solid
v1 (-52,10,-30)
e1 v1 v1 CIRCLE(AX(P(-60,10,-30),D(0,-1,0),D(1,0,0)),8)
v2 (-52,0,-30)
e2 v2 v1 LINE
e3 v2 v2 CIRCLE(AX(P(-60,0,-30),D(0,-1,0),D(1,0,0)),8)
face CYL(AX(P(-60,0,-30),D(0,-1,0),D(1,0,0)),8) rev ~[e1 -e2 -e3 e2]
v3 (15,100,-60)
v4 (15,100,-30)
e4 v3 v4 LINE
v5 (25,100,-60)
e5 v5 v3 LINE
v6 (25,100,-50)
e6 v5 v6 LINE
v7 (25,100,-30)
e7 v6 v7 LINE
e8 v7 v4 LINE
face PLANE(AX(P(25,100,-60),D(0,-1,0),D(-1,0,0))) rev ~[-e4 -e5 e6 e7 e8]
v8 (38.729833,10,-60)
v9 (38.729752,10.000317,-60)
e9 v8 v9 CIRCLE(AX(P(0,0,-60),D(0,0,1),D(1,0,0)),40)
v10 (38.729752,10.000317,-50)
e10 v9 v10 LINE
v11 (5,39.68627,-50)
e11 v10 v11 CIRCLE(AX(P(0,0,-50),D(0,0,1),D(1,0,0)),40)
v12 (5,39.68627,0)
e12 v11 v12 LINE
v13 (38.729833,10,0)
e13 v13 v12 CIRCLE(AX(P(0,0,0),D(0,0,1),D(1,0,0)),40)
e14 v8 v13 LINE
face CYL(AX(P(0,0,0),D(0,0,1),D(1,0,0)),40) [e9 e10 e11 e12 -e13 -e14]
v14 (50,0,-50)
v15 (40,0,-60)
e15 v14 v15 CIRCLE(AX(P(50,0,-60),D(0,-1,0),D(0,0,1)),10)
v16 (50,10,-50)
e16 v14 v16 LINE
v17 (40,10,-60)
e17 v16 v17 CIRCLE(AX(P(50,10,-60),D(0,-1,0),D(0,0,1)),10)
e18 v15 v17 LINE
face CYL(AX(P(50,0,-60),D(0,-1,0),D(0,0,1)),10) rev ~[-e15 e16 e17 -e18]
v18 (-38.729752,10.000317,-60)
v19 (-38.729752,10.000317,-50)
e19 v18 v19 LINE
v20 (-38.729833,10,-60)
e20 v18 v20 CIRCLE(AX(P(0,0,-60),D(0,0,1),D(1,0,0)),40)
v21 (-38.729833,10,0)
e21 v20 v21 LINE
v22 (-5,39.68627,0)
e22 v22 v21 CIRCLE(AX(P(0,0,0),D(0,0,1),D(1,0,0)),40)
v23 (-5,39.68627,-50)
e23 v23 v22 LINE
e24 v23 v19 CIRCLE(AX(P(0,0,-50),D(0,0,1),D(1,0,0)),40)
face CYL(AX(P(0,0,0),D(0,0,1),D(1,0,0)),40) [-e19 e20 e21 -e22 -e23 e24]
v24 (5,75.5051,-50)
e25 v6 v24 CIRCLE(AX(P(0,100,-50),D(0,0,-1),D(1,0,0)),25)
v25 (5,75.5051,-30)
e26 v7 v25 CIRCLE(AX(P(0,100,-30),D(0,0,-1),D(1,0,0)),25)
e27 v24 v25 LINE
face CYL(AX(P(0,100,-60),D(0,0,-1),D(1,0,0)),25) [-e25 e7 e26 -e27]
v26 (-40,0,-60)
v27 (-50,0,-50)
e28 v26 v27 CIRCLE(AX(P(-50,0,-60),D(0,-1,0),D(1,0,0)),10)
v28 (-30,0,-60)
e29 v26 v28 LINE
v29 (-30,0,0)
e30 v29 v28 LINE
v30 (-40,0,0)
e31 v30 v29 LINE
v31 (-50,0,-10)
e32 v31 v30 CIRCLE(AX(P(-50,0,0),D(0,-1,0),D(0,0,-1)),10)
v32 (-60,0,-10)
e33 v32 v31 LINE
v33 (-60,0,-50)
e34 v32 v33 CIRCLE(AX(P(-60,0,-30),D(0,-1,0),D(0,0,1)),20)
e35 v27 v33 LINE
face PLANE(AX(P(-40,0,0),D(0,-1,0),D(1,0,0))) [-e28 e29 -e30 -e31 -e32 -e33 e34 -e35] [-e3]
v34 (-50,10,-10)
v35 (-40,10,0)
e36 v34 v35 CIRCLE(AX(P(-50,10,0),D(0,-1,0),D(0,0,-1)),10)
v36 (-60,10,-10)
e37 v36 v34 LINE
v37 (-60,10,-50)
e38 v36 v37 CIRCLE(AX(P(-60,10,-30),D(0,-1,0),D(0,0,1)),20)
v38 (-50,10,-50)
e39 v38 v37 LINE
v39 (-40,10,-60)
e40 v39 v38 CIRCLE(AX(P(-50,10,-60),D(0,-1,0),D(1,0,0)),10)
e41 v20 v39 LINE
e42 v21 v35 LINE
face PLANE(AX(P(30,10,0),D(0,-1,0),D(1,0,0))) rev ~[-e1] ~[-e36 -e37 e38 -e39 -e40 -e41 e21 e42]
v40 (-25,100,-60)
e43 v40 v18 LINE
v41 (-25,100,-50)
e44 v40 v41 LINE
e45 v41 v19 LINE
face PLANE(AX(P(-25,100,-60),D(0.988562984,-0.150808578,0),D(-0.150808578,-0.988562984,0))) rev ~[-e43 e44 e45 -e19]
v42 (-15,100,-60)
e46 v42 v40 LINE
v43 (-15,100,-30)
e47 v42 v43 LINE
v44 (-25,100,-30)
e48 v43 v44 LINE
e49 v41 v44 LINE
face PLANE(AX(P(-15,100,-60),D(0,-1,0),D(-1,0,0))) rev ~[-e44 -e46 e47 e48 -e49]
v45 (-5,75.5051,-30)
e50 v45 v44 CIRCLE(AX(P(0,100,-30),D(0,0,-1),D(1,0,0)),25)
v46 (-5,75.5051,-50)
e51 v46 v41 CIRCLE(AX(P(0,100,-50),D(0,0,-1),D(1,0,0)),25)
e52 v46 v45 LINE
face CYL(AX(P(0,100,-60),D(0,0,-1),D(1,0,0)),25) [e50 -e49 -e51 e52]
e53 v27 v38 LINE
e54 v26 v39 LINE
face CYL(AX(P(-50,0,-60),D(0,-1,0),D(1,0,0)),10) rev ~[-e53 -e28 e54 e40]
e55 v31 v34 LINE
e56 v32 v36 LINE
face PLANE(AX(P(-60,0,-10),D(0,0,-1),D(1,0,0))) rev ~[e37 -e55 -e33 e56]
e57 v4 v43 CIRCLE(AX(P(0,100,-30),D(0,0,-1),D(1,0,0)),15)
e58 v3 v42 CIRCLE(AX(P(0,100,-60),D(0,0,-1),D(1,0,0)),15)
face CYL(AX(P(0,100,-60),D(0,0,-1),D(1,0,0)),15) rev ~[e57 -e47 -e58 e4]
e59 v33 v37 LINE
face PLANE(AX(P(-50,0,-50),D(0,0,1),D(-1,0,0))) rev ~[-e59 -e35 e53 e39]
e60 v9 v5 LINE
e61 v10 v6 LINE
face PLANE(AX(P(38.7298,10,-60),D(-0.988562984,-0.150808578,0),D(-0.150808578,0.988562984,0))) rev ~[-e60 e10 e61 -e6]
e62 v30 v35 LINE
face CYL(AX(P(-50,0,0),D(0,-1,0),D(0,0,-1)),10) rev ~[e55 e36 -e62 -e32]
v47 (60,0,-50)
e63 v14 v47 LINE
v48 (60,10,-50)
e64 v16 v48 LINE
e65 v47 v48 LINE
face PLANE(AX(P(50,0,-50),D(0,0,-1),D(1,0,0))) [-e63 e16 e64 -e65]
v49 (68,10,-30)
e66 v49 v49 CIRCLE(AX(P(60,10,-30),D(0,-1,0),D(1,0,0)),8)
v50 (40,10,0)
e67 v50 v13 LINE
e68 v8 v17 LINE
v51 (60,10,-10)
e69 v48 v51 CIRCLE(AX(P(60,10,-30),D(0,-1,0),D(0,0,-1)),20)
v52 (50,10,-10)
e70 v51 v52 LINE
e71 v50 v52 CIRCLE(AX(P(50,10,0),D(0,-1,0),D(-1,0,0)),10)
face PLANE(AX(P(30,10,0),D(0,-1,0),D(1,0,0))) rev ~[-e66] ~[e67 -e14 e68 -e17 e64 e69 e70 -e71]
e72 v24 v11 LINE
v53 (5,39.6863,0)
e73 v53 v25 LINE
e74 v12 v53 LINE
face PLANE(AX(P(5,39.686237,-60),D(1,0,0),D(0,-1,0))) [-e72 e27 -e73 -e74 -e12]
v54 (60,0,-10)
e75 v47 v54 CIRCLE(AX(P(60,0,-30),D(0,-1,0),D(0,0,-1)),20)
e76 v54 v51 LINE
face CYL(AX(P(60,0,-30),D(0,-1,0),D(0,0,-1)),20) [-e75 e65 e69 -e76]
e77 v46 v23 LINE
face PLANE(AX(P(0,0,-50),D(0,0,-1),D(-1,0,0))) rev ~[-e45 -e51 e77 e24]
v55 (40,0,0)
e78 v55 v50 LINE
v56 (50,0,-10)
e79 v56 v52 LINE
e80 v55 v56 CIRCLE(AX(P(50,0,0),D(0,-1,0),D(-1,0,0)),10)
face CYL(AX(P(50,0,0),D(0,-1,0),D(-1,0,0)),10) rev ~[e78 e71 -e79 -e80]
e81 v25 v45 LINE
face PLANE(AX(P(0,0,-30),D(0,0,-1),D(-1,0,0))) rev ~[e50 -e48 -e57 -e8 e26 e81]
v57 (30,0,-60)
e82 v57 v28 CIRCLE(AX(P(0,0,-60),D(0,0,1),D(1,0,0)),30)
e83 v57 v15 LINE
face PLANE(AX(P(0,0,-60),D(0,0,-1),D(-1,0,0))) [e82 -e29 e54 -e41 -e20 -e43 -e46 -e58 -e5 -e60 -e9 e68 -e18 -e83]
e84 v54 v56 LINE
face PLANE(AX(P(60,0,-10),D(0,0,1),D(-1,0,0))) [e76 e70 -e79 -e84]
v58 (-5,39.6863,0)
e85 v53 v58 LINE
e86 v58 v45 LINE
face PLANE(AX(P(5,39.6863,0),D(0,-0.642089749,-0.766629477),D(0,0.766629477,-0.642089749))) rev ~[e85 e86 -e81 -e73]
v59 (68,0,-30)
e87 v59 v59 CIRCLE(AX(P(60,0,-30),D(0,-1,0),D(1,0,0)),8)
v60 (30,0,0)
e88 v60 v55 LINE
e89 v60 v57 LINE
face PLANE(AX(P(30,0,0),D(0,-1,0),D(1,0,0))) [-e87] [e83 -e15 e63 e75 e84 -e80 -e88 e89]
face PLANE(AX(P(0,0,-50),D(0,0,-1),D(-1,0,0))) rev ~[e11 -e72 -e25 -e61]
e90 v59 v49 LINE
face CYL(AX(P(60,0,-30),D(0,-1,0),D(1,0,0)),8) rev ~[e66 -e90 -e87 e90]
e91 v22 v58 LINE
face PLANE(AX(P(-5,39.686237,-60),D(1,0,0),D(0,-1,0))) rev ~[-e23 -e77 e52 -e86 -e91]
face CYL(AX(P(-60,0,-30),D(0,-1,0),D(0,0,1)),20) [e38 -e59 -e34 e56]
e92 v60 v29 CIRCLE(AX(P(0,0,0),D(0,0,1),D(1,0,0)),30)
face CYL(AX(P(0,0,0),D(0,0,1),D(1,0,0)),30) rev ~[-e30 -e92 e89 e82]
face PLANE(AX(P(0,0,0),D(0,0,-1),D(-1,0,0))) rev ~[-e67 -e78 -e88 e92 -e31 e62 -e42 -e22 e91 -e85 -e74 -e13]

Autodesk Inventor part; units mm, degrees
ref_plane "YZ Plane" through (0, 0, 0) normal (1, 0, 0) x (0, 1, 0)
ref_plane "XZ Plane" through (0, 0, 0) normal (0, 1, 0) x (-1, 0, 0)
ref_plane "XY Plane" through (0, 0, 0) normal (0, 0, 1) x (1, 0, 0)
sketch "Náčrt2" plane through (0, 0, 0) normal (0, 0, 1) x (1, 0, 0)
  arc A0 (30, 0) -> (-30, 0) centre (0, 0) ccw
  arc A1 (40, 0) -> (-40, 0) centre (0, 0) ccw
  line L0 (-40, 0) -> (-30, 0)
  line L1 (30, 0) -> (40, 0)
  point P0 (-40, 0)
  dimension "d0" = 30
  dimension "d1" = 40
  dimension "d2" = 0
  dimension "d3" = 0
  dimension "d4" = 0
  dimension "d5" = 0
  dimension "d6" = 30
  dimension "d7" = 40
extrude "Vysunutí1" add sketch "Náčrt2" against normal blind 60
sketch "Náčrt3" plane through (30, 0, 0) normal (0, -1, 0) x (1, 0, 0)
  line L0 (10, 0) -> (-70, 0) projected
  line L1 (0, 0) -> (0, -60)
  line L2 (0, -60) -> (10, -60)
  line L3 (0, 0) -> (10, 0)
  line L4 (10, 0) -> (10, -60) projected
  line L5 (10, -60) -> (10, -60)
  line L6 (20, -50) -> (30, -50)
  line L7 (30, -10) -> (20, -10)
  line L8 (10, 0) -> (10, 0)
  arc A0 (30, -50) -> (30, -10) centre (30, -30) ccw
  circle A1 centre (30, -30) radius 8
  arc A2 (20, -50) -> (10, -60) centre (20, -60) ccw
  arc A3 (10, 0) -> (20, -10) centre (20, 0) ccw
  line L9 (-30, 0) -> (-30, -60)
  line L10 (-60, 0) -> (-60, -60)
  line L11 (-60, -60) -> (-70, -60)
  line L12 (-60, 0) -> (-70, 0)
  line L13 (-70, 0) -> (-70, -60)
  line L14 (-70, -60) -> (-70, -60)
  line L15 (-80, -50) -> (-90, -50)
  line L16 (-90, -10) -> (-80, -10)
  line L17 (-70, 0) -> (-70, 0)
  arc A4 (-90, -10) -> (-90, -50) centre (-90, -30) ccw
  circle A5 centre (-90, -30) radius 8
  arc A6 (-70, -60) -> (-80, -50) centre (-80, -60) ccw
  arc A7 (-80, -10) -> (-70, 0) centre (-80, 0) ccw
  point P0 (10, -50)
  point P1 (10, -10)
  point P2 (-70, -50)
  point P3 (-70, -10)
  dimension "d10" = 10
  dimension "d12" = 16
  dimension "d13" = 10
  dimension "d16" = 20
  dimension "d17" = 30
extrude "Vysunutí2" add sketch "Náčrt3" against normal blind 10
sketch "Sketch4" plane through (0, 0, -60) normal (0, 0, -1) x (-1, 0, 0)
  arc A0 (38.7298, 10) -> (-38.7298, 10) centre (0, 0) ccw projected
  line L0 (-38.7298, 10) -> (-25, 100)
  line L1 (25, 100) -> (38.7298, 10)
  arc A1 (38.7298, 10) -> (-38.7298, 10) centre (0, -0.1304) ccw
  line L2 (30, 0) -> (40, 0) projected
  arc A2 (-25, 100) -> (25, 100) centre (0, 100) ccw
  arc A3 (-15, 100) -> (15, 100) centre (0, 100) ccw
  line L3 (-25, 100) -> (-15, 100)
  line L4 (15, 100) -> (25, 100)
  line L5 (-5, 75.5051) -> (5, 75.5051)
  line L6 (-5, 75.5051) -> (-5, 39.589)
  line L7 (5, 75.5051) -> (5, 39.589)
  line L8 (-5, 39.589) -> (5, 39.589)
  point P0 (5, 39.6863)
  point P1 (-5, 39.6863)
  dimension "d20" = 50
  dimension "d24" = 15
  dimension "d36" = 100
  dimension "d37" = 30
  dimension "d48" = 10
  dimension "d49" = 40.0328
  dimension "d50" = 39.6863
  dimension "d51" = 39.6863
  dimension "d52" = 28.8671
  dimension "d53" = 38.7527
extrude "Extrusion3" add sketch "Sketch4" against normal blind 10 contours A0 L7 A2 L1 | A0 L0 A2 L6
extrude "Extrusion4" add sketch "Sketch4" against normal blind 30 contours A2 L5 L3 A3 L4
extrude "Extrusion5" add sketch "Sketch4" against normal blind 60 contours L7 A1 L6 A0 | A0 L6 A2 L7 | L8 A1 | A2 L5
sketch "Sketch5" plane through (5, 39.6863, -50) normal (1, 0, 0) x (0, 0, -1)
  line L0 (-50, 0) -> (-50, 35.8188) projected
  line L1 (0, 35.8188) -> (-20, 35.8188) projected
  line L2 (-50, 0) -> (-20, 35.8188)
  line L3 (-20, 35.8188) -> (-50, 35.8188)
  line L4 (-50, 35.8188) -> (-50, 0)
  point P0 (-50, -39.6863)
extrude "Extrusion6" cut sketch "Sketch5" against normal blind 10
properties part number "4"
